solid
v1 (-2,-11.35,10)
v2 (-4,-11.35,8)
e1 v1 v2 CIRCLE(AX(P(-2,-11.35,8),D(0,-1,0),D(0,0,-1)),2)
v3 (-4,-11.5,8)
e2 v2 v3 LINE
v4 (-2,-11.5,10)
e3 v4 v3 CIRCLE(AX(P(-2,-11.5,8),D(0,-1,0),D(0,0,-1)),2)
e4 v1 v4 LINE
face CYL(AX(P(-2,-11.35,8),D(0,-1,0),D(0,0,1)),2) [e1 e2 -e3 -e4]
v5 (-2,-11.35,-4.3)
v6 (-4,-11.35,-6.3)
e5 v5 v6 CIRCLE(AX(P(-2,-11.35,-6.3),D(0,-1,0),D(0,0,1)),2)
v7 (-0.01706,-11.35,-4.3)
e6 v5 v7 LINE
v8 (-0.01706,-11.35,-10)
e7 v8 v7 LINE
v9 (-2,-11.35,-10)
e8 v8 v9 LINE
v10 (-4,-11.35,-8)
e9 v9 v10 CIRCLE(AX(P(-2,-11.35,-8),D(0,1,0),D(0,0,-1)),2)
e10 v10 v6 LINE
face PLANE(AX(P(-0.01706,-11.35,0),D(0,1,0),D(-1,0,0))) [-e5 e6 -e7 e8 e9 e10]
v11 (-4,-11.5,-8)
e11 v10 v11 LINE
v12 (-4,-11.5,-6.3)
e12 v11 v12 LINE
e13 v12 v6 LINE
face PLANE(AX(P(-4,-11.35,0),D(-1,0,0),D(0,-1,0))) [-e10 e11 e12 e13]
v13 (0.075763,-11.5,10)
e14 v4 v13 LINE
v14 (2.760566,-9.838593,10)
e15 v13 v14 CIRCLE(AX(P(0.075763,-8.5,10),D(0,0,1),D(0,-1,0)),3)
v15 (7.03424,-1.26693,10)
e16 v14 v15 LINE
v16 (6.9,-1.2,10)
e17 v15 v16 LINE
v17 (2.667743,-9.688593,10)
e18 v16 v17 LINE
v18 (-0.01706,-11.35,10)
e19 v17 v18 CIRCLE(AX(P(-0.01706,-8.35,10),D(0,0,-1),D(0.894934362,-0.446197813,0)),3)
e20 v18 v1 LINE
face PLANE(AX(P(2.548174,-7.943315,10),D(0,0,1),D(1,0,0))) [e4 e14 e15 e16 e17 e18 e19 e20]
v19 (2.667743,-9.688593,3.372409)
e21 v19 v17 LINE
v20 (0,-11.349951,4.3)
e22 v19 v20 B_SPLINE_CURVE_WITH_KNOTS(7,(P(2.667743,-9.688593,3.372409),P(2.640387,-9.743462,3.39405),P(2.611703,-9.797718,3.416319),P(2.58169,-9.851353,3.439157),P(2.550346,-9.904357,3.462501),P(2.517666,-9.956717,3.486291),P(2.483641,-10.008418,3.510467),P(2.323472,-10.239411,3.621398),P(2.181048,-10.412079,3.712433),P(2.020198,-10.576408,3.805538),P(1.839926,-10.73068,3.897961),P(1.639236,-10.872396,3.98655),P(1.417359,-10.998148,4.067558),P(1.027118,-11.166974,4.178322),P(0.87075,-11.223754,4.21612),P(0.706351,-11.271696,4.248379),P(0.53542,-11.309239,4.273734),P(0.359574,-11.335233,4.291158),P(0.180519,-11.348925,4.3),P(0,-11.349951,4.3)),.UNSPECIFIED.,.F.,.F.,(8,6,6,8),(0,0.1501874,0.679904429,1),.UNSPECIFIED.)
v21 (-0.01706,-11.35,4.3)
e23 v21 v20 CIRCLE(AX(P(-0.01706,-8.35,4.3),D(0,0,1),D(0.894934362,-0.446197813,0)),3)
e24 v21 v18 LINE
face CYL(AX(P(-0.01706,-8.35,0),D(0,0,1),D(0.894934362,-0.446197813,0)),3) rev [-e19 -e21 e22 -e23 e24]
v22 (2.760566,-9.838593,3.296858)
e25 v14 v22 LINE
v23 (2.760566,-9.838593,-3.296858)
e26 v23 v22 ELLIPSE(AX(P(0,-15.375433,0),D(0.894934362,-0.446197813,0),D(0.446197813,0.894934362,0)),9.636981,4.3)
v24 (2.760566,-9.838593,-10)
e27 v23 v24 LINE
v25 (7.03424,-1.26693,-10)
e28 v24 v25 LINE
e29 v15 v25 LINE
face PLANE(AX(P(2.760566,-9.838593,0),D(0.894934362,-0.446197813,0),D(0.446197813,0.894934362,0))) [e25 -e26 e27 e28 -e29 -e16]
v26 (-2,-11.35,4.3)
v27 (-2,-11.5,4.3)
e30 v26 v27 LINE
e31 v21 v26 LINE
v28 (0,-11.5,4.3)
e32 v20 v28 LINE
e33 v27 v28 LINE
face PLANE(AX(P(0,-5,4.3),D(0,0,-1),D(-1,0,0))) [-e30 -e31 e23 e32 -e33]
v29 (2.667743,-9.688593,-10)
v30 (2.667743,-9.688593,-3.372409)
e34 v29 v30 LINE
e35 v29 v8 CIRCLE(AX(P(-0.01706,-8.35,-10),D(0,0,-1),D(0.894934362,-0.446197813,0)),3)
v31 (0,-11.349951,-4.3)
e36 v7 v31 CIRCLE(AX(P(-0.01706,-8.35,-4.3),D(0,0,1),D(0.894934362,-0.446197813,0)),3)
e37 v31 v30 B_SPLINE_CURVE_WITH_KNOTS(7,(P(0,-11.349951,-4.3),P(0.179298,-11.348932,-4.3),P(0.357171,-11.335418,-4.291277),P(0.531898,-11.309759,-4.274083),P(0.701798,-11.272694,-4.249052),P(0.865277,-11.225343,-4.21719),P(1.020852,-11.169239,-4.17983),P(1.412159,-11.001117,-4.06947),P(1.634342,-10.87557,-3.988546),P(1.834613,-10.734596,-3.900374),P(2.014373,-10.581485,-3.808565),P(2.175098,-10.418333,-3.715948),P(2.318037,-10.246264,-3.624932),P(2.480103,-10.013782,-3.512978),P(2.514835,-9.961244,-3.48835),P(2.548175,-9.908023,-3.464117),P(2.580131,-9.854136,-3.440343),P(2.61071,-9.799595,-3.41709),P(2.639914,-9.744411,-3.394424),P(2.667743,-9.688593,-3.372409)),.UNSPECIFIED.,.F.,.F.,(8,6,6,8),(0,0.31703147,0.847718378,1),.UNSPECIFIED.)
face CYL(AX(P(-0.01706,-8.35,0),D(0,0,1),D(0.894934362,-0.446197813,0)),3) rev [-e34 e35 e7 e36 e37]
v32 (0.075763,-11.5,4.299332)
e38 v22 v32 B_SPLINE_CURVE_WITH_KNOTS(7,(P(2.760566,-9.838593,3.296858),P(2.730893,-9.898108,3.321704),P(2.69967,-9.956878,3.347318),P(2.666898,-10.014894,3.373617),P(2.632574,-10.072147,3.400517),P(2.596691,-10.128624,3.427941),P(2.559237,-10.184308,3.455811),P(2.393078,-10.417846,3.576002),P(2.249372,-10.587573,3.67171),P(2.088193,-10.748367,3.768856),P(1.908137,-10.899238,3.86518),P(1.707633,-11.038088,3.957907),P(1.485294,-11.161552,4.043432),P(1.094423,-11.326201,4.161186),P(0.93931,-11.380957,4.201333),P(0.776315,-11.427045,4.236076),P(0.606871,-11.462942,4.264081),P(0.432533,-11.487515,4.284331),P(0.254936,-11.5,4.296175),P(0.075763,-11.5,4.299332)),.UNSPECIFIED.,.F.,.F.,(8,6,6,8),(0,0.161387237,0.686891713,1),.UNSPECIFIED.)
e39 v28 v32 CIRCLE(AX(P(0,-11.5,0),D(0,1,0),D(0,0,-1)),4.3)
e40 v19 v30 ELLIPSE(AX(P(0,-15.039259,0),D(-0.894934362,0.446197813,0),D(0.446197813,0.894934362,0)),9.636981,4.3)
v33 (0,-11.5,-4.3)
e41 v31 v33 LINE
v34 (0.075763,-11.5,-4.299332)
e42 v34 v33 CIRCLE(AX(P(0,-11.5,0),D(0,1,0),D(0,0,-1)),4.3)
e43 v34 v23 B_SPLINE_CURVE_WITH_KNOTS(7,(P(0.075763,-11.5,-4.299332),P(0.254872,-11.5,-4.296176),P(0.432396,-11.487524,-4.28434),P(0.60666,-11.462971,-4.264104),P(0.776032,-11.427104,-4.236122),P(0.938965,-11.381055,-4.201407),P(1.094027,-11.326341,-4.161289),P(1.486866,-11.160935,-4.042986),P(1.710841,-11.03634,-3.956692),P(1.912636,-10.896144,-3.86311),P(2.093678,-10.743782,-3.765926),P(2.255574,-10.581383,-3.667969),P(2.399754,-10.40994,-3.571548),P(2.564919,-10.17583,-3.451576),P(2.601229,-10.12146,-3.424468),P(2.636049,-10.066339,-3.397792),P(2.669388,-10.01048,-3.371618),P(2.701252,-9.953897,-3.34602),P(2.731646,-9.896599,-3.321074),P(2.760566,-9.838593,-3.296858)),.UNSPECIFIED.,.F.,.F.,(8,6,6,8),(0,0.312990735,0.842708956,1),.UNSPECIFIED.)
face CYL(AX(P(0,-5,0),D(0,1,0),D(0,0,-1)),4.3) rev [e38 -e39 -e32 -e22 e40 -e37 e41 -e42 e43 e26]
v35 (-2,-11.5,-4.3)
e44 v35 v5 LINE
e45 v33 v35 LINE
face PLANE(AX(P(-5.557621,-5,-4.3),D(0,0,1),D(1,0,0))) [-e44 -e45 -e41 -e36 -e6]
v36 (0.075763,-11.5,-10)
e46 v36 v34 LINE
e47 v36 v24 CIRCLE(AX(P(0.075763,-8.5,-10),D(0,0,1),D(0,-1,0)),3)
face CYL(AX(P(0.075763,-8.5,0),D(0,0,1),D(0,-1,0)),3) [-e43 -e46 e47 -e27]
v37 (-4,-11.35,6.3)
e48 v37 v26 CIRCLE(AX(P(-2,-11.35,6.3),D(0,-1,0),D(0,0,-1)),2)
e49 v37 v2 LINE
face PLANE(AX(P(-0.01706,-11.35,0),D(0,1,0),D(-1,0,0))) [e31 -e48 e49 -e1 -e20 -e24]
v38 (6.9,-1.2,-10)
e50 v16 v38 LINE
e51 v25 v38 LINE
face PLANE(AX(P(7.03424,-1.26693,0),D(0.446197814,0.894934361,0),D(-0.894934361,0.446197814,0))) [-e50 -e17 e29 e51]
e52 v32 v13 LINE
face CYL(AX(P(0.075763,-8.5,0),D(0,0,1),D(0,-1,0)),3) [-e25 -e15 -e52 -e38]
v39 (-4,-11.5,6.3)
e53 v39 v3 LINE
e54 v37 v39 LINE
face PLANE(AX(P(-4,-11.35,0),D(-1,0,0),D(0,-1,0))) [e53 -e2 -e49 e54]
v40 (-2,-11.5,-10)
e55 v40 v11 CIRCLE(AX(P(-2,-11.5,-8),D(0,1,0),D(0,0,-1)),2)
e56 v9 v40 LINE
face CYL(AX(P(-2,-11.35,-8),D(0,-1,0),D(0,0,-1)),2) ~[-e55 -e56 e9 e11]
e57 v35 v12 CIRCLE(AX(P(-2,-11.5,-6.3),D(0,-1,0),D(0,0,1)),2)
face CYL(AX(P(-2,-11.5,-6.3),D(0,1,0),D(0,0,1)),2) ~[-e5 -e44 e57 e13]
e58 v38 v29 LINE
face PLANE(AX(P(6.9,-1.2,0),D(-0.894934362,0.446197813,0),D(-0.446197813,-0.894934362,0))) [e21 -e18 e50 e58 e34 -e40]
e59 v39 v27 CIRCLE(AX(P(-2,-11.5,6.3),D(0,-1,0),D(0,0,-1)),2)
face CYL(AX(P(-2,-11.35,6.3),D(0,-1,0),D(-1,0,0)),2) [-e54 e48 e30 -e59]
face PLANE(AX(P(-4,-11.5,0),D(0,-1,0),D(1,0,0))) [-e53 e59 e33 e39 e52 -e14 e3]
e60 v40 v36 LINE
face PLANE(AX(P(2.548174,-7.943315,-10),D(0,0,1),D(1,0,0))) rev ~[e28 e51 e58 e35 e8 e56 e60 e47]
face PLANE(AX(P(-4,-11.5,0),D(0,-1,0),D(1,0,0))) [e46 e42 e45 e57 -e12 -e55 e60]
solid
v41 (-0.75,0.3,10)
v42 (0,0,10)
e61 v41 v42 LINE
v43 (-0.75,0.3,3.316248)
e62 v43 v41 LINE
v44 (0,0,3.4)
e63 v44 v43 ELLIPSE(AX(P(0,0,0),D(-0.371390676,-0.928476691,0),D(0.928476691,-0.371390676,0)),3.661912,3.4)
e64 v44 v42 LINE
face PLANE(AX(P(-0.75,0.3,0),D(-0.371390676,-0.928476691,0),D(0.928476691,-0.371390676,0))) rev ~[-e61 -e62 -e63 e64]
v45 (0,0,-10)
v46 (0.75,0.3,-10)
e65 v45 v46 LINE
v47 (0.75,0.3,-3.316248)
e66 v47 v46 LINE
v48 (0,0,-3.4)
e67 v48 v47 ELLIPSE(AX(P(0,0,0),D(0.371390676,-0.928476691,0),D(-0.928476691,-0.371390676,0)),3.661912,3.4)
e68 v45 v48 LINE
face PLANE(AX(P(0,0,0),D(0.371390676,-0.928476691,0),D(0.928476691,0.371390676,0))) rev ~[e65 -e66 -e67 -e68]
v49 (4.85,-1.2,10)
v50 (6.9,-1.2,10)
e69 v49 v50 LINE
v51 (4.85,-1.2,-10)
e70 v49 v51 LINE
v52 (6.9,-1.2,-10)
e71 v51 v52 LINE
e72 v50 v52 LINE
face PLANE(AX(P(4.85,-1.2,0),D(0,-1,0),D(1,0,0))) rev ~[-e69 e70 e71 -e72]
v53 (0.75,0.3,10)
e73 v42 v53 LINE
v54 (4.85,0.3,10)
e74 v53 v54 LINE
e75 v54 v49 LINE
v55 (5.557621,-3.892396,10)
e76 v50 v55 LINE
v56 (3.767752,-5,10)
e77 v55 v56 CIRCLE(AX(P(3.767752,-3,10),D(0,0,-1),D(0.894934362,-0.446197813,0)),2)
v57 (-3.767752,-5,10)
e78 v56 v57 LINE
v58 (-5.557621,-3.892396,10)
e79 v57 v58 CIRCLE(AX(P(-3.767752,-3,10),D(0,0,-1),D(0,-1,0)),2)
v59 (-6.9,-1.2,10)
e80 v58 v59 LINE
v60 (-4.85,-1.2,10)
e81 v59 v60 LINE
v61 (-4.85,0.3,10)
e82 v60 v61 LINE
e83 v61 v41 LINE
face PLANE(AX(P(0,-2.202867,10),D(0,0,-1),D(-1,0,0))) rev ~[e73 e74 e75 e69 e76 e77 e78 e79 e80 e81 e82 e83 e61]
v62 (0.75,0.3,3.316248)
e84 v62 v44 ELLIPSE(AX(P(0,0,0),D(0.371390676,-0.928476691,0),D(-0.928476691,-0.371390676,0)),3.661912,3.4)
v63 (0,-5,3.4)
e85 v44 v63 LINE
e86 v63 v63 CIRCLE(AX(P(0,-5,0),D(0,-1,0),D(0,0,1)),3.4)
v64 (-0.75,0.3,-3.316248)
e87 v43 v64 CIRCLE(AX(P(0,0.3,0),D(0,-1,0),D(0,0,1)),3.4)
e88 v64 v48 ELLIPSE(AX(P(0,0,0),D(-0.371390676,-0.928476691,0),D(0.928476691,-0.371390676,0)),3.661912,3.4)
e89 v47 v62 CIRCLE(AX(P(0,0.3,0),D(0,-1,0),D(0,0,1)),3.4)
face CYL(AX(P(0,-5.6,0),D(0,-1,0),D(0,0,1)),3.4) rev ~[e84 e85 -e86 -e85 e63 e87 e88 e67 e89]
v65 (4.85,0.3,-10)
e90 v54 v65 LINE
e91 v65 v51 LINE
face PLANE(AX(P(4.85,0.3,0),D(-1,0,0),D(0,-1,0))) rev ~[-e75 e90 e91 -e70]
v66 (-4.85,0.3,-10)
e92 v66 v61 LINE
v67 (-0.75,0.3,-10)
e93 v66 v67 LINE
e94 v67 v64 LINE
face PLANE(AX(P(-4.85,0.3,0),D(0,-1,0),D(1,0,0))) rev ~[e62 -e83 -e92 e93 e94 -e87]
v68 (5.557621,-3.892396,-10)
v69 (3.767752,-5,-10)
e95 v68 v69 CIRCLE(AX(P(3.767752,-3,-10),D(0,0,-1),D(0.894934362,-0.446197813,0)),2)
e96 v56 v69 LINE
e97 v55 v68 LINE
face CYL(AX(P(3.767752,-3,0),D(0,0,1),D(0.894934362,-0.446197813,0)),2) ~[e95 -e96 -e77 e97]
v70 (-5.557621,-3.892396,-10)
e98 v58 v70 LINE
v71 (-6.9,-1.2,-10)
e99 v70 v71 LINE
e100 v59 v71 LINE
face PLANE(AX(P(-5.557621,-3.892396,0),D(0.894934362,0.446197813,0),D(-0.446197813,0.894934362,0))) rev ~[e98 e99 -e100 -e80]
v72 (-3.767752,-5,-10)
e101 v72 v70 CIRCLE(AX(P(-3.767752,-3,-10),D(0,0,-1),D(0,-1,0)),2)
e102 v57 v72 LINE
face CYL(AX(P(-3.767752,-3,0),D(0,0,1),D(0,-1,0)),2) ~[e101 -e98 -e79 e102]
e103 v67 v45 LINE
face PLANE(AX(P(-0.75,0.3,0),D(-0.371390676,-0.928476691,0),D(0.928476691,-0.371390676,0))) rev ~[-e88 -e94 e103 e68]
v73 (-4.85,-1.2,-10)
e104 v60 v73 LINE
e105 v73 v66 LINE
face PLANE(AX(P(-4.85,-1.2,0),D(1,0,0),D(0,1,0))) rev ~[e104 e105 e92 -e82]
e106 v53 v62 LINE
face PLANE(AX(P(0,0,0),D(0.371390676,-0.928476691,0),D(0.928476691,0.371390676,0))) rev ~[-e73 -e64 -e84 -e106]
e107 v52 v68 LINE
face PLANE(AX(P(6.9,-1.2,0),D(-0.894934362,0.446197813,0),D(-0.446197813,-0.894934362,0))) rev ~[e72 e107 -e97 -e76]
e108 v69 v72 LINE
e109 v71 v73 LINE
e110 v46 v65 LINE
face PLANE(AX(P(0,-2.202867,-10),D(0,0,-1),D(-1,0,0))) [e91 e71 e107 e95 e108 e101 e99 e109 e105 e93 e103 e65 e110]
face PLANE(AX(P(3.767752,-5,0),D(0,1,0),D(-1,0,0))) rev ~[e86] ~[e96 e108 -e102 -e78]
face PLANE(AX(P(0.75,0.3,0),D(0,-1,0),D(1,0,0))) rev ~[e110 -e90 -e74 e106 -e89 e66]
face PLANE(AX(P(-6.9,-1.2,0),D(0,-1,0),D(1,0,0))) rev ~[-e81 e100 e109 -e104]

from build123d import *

# Parameters (mm, degrees)
EXTRUDE_1_DEPTH     = 10
EXTRUDE_2_DEPTH     = 10
CUT_EXTRUDE_1_DEPTH = 20
FILLET_1_R          = 2
SKETCH_4_W          = 3.4
SKETCH_4_H          = 11.8


with BuildPart() as part:
    # Эскиз1 → Бобышка-Вытянуть1 (new body, symmetric)
    with BuildSketch(Plane.XY):
        with BuildLine():
            Line((0, 0), (0.75, 0.3))
            Line((0.75, 0.3), (4.85, 0.3))
            Line((4.85, 0.3), (4.85, -1.2))
            Line((4.85, -1.2), (6.9, -1.2))
            Line((6.9, -1.2), (5.557621059, -3.892395626))
            ThreePointArc((5.557621059, -3.892395626), (4.820180183, -4.70070445), (3.767752336, -5))
            Line((3.767752336, -5), (-3.767752336, -5))
            ThreePointArc((-3.767752336, -5), (-4.820180183, -4.70070445), (-5.557621059, -3.892395626))
            Line((-5.557621059, -3.892395626), (-6.9, -1.2))
            Line((-6.9, -1.2), (-4.85, -1.2))
            Line((-4.85, -1.2), (-4.85, 0.3))
            Line((-4.85, 0.3), (-0.75, 0.3))
            Line((-0.75, 0.3), (0, 0))
        make_face()
    extrude(amount=EXTRUDE_1_DEPTH, both=True)

    # Эскиз4 → Отверстие обработанное метчиком M81 (revolve, cut)
    with BuildSketch(Plane(origin=(0, 0.3, 0), x_dir=(0, 0, 1), z_dir=(1, 0, 0))):
        with Locations((1.7, 5.9)):
            Rectangle(SKETCH_4_W, SKETCH_4_H)
    revolve(axis=Axis((0, 6.65, 0), (0, -1, 0)), mode=Mode.SUBTRACT)


with BuildPart() as body_2:
    # Эскиз2 → Бобышка-Вытянуть2 (new body, symmetric)
    with BuildSketch(Plane.XY):
        with BuildLine():
            Line((6.9, -1.2), (2.667743433, -9.688593439))
            ThreePointArc((2.667743433, -9.688593439), (1.561582119, -10.901056675), (-0.017059652, -11.35))
            Line((-0.017059652, -11.35), (-4, -11.35))
            Line((-4, -11.35), (-4, -11.5))
            Line((-4, -11.5), (0.075763165, -11.5))
            ThreePointArc((0.075763165, -11.5), (1.654404936, -11.051056675), (2.760566249, -9.838593439))
            Line((2.760566249, -9.838593439), (7.034240154, -1.266929672))
            Line((7.034240154, -1.266929672), (6.9, -1.2))
        make_face()
    extrude(amount=EXTRUDE_2_DEPTH, both=True)

    # Эскиз3 → Вырез-Вытянуть1 (cut)
    with BuildSketch(Plane.XZ.offset(5)):
        with BuildLine():
            Line((0, 4.3), (-5.557621059, 4.3))
            Line((-5.557621059, 4.3), (-5.557621059, -4.3))
            Line((-5.557621059, -4.3), (0, -4.3))
            ThreePointArc((0, -4.3), (4.3, 0), (0, 4.3))
        make_face()
    extrude(amount=CUT_EXTRUDE_1_DEPTH, mode=Mode.SUBTRACT)

    # Скругление1
    fillet_1_edges = [body_2.edges().sort_by_distance(p)[0] for p in [
        (-4, -11.425, 10),
        (-4, -11.425, 4.3),
        (-4, -11.425, -4.3),
        (-4, -11.425, -10),
    ]]
    fillet(fillet_1_edges, radius=FILLET_1_R)


solid = Compound([part.part, body_2.part])
